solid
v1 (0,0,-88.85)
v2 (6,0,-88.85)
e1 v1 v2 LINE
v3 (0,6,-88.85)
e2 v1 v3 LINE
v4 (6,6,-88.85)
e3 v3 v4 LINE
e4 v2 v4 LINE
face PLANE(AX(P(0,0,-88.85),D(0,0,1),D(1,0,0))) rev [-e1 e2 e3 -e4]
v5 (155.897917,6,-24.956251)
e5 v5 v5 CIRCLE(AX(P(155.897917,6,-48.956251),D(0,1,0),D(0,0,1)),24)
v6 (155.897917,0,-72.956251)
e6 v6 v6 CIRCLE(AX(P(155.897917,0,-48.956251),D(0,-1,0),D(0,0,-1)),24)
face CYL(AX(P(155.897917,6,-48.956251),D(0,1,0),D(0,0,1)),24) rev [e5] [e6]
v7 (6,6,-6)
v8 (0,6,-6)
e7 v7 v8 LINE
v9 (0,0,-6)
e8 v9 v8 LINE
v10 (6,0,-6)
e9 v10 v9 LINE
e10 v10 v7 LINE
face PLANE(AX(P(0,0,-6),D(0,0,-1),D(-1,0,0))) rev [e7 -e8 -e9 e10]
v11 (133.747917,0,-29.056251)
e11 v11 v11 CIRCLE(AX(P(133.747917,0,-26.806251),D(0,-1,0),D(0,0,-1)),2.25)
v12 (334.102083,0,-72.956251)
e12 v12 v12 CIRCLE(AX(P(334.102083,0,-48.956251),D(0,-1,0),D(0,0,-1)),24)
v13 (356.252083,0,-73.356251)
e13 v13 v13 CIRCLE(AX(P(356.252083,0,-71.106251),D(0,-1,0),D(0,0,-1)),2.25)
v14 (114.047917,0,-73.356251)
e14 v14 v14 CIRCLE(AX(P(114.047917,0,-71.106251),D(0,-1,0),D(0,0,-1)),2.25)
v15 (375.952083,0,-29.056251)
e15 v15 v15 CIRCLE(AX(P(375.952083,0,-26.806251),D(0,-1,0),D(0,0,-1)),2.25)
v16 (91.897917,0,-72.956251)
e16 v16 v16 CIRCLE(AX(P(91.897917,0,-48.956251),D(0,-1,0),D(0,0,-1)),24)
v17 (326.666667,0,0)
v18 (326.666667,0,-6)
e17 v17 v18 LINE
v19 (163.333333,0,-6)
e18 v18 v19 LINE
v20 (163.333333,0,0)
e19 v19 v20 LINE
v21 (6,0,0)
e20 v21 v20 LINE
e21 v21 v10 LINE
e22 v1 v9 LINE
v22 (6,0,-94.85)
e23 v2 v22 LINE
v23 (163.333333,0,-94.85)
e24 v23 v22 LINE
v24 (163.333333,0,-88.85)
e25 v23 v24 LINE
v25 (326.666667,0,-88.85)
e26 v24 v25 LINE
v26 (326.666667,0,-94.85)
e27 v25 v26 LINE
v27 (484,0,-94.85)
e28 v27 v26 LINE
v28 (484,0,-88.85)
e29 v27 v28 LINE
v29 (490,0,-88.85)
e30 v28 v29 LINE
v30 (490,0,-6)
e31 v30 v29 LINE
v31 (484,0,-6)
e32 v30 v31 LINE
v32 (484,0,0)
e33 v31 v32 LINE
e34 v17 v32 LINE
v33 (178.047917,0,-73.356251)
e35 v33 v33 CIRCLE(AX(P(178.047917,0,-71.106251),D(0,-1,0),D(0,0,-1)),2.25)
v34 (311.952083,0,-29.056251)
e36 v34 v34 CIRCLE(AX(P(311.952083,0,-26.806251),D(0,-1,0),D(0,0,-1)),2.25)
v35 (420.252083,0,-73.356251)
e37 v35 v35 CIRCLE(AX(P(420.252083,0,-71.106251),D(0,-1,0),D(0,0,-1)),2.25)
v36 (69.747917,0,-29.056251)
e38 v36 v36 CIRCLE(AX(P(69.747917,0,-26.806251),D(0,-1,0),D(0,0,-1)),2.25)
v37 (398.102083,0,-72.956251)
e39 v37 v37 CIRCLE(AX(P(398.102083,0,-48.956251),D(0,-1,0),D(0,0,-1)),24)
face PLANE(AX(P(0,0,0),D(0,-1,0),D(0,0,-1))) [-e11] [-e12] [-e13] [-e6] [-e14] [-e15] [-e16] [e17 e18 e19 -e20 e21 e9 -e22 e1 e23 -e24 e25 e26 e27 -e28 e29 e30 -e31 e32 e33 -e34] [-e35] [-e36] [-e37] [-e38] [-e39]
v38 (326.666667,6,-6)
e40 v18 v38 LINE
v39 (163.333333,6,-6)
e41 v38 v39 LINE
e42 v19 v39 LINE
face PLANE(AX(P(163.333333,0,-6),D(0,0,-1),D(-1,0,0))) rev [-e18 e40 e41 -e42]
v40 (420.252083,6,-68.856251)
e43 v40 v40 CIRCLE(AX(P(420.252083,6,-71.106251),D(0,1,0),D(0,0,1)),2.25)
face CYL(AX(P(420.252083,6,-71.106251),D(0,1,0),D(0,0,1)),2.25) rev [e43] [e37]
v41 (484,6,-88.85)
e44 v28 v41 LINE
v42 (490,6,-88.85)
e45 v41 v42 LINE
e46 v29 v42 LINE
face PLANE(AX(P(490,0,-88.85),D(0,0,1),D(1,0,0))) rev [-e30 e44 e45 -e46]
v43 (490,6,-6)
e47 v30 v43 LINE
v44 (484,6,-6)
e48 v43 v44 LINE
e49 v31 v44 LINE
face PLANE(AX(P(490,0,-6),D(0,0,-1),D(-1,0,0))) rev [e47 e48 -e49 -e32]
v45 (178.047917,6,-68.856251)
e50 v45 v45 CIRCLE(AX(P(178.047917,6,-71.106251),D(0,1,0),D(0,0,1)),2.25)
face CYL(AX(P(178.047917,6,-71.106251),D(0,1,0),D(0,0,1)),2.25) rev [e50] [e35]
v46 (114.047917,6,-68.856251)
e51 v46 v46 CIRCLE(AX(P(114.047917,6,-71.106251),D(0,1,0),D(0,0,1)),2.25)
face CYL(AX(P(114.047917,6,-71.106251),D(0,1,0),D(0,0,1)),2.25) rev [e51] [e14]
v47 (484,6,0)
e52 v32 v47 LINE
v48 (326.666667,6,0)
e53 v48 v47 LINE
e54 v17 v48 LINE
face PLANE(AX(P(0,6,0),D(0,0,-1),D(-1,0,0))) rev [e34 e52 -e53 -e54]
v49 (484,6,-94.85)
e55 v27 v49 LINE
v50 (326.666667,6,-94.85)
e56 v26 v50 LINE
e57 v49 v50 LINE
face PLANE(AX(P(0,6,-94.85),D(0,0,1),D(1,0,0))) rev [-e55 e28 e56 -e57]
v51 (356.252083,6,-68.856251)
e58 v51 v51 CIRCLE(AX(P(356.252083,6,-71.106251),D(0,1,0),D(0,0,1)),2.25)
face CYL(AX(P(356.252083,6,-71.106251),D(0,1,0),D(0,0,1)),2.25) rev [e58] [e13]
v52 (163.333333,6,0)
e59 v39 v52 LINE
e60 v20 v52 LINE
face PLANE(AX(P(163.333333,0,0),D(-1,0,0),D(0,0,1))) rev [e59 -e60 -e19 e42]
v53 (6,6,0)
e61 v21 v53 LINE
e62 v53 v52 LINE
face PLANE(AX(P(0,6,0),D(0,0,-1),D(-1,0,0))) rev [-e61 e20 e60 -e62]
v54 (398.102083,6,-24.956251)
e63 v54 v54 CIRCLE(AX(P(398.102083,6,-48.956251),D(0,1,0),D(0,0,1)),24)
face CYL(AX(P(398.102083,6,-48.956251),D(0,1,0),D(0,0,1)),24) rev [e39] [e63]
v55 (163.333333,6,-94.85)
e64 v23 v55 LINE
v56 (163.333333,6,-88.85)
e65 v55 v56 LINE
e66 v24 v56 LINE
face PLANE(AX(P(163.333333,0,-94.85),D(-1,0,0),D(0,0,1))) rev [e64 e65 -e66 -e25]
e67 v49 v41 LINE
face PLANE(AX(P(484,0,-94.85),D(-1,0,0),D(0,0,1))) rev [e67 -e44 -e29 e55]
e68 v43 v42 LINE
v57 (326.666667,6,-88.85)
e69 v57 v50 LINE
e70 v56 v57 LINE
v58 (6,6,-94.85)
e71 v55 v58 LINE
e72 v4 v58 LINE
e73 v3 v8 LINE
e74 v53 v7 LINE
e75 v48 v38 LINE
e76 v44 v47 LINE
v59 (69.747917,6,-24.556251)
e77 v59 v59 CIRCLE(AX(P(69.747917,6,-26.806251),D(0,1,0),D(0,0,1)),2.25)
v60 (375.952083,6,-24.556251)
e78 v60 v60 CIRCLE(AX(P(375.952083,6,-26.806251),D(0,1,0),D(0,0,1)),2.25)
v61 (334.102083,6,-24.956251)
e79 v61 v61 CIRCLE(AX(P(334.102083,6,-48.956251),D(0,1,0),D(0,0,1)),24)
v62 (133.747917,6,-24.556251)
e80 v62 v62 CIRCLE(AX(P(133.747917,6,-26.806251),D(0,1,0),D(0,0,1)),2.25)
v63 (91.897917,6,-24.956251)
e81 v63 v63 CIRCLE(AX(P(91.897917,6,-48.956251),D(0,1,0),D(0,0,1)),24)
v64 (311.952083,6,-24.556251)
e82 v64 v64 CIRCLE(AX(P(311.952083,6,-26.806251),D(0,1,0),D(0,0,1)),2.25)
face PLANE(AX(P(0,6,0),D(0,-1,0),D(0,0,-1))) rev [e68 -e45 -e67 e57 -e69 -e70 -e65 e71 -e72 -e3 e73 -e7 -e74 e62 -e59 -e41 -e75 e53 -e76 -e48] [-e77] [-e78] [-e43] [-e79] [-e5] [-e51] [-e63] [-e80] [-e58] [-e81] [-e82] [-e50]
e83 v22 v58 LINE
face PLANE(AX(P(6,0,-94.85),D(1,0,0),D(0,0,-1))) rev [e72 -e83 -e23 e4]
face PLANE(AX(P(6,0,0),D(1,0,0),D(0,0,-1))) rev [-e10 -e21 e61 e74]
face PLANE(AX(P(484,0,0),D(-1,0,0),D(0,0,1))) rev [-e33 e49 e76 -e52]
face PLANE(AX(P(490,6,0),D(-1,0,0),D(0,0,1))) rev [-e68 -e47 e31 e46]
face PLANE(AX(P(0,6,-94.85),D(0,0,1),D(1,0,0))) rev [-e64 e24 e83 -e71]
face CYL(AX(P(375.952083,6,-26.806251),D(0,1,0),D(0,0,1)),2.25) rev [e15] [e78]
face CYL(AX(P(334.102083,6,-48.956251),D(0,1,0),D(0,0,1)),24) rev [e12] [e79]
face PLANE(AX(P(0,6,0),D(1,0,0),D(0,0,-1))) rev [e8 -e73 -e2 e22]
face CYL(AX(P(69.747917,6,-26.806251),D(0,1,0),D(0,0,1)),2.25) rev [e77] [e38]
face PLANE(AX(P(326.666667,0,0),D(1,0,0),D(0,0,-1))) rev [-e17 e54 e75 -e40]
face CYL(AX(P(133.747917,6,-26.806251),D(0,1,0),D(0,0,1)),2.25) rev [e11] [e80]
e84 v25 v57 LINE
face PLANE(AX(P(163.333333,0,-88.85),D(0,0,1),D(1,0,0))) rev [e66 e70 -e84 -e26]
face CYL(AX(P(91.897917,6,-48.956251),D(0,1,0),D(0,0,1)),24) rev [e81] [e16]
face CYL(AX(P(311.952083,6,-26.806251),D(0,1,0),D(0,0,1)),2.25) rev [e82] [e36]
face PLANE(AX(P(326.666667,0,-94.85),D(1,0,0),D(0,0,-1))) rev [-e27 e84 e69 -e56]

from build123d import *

# Parameters (mm, degrees)
SKETCH2_W                 = 490
SKETCH2_H                 = 94.85
BOSS_EXTRUDE1_DEPTH       = 6
SKETCH4_W                 = 6
SKETCH4_H                 = 6
CUT_EXTRUDE2_DEPTH        = 500.131768674
SKETCH5_W                 = 163.333333334
SKETCH5_H                 = 6
CUT_EXTRUDE3_DEPTH        = 500.131768674
M4_CLEARANCE_SLOT1_D      = 4.5
M4_CLEARANCE_SLOT1_DEPTH  = 18
M4_CLEARANCE_SLOT1_TIP    = 1.351936393
M45_CLEARANCE_SLOT1_D     = 48
M45_CLEARANCE_SLOT1_DEPTH = 18
M45_CLEARANCE_SLOT1_TIP   = 14.420654857


with BuildPart() as part:
    # Sketch2 → Boss-Extrude1 (new body)
    with BuildSketch(Plane(origin=(0, 0, 0), x_dir=(1, 0, 0), z_dir=(0, 1, 0))):
        with Locations((245, 47.425)):
            Rectangle(SKETCH2_W, SKETCH2_H)
    extrude(amount=BOSS_EXTRUDE1_DEPTH)

    # Sketch4 → Cut-Extrude2 (cut, through all)
    with BuildSketch(Plane(origin=(0, 6, 0), x_dir=(1, 0, 0), z_dir=(0, 1, 0))):
        with Locations((487, 3)):
            Rectangle(SKETCH4_W, SKETCH4_H)
        with Locations((487, 91.85)):
            Rectangle(SKETCH4_W, SKETCH4_H)
        with Locations((3, 91.85)):
            Rectangle(SKETCH4_W, SKETCH4_H)
        with Locations((3, 3)):
            Rectangle(SKETCH4_W, SKETCH4_H)
    extrude(amount=-CUT_EXTRUDE2_DEPTH, mode=Mode.SUBTRACT)

    # Sketch5 → Cut-Extrude3 (cut, through all)
    with BuildSketch(Plane(origin=(0, 6, 0), x_dir=(1, 0, 0), z_dir=(0, 1, 0))):
        with Locations((245, 91.85)):
            Rectangle(SKETCH5_W, SKETCH5_H)
        with Locations((245, 3)):
            Rectangle(SKETCH5_W, SKETCH5_H)
    extrude(amount=-CUT_EXTRUDE3_DEPTH, mode=Mode.SUBTRACT)

    # M4 Clearance Slot1
    with Locations(Plane(origin=(0, 6, 0), x_dir=(1, 0, 0), z_dir=(0, 1, 0))):
        with Locations((375.95208337, 26.806250977), (420.25208337, 71.106250977), (356.25208337, 71.106250977), (311.95208337, 26.806250977), (178.04791663, 71.106250977), (133.74791663, 26.806250977), (114.04791663, 71.106250977), (69.74791663, 26.806250977)):
            Hole(M4_CLEARANCE_SLOT1_D / 2, depth=M4_CLEARANCE_SLOT1_DEPTH)
            with Locations((0, 0, -(M4_CLEARANCE_SLOT1_DEPTH + M4_CLEARANCE_SLOT1_TIP / 2))):  # 118° drill point
                Cone(0, M4_CLEARANCE_SLOT1_D / 2, M4_CLEARANCE_SLOT1_TIP, mode=Mode.SUBTRACT)

    # M45 Clearance Slot1
    with Locations(Plane(origin=(0, 6, 0), x_dir=(1, 0, 0), z_dir=(0, 1, 0))):
        with Locations((91.89791663, 48.956250977), (155.89791663, 48.956250977), (334.10208337, 48.956250977), (398.10208337, 48.956250977)):
            Hole(M45_CLEARANCE_SLOT1_D / 2, depth=M45_CLEARANCE_SLOT1_DEPTH)
            with Locations((0, 0, -(M45_CLEARANCE_SLOT1_DEPTH + M45_CLEARANCE_SLOT1_TIP / 2))):  # 118° drill point
                Cone(0, M45_CLEARANCE_SLOT1_D / 2, M45_CLEARANCE_SLOT1_TIP, mode=Mode.SUBTRACT)


solid = part.part
